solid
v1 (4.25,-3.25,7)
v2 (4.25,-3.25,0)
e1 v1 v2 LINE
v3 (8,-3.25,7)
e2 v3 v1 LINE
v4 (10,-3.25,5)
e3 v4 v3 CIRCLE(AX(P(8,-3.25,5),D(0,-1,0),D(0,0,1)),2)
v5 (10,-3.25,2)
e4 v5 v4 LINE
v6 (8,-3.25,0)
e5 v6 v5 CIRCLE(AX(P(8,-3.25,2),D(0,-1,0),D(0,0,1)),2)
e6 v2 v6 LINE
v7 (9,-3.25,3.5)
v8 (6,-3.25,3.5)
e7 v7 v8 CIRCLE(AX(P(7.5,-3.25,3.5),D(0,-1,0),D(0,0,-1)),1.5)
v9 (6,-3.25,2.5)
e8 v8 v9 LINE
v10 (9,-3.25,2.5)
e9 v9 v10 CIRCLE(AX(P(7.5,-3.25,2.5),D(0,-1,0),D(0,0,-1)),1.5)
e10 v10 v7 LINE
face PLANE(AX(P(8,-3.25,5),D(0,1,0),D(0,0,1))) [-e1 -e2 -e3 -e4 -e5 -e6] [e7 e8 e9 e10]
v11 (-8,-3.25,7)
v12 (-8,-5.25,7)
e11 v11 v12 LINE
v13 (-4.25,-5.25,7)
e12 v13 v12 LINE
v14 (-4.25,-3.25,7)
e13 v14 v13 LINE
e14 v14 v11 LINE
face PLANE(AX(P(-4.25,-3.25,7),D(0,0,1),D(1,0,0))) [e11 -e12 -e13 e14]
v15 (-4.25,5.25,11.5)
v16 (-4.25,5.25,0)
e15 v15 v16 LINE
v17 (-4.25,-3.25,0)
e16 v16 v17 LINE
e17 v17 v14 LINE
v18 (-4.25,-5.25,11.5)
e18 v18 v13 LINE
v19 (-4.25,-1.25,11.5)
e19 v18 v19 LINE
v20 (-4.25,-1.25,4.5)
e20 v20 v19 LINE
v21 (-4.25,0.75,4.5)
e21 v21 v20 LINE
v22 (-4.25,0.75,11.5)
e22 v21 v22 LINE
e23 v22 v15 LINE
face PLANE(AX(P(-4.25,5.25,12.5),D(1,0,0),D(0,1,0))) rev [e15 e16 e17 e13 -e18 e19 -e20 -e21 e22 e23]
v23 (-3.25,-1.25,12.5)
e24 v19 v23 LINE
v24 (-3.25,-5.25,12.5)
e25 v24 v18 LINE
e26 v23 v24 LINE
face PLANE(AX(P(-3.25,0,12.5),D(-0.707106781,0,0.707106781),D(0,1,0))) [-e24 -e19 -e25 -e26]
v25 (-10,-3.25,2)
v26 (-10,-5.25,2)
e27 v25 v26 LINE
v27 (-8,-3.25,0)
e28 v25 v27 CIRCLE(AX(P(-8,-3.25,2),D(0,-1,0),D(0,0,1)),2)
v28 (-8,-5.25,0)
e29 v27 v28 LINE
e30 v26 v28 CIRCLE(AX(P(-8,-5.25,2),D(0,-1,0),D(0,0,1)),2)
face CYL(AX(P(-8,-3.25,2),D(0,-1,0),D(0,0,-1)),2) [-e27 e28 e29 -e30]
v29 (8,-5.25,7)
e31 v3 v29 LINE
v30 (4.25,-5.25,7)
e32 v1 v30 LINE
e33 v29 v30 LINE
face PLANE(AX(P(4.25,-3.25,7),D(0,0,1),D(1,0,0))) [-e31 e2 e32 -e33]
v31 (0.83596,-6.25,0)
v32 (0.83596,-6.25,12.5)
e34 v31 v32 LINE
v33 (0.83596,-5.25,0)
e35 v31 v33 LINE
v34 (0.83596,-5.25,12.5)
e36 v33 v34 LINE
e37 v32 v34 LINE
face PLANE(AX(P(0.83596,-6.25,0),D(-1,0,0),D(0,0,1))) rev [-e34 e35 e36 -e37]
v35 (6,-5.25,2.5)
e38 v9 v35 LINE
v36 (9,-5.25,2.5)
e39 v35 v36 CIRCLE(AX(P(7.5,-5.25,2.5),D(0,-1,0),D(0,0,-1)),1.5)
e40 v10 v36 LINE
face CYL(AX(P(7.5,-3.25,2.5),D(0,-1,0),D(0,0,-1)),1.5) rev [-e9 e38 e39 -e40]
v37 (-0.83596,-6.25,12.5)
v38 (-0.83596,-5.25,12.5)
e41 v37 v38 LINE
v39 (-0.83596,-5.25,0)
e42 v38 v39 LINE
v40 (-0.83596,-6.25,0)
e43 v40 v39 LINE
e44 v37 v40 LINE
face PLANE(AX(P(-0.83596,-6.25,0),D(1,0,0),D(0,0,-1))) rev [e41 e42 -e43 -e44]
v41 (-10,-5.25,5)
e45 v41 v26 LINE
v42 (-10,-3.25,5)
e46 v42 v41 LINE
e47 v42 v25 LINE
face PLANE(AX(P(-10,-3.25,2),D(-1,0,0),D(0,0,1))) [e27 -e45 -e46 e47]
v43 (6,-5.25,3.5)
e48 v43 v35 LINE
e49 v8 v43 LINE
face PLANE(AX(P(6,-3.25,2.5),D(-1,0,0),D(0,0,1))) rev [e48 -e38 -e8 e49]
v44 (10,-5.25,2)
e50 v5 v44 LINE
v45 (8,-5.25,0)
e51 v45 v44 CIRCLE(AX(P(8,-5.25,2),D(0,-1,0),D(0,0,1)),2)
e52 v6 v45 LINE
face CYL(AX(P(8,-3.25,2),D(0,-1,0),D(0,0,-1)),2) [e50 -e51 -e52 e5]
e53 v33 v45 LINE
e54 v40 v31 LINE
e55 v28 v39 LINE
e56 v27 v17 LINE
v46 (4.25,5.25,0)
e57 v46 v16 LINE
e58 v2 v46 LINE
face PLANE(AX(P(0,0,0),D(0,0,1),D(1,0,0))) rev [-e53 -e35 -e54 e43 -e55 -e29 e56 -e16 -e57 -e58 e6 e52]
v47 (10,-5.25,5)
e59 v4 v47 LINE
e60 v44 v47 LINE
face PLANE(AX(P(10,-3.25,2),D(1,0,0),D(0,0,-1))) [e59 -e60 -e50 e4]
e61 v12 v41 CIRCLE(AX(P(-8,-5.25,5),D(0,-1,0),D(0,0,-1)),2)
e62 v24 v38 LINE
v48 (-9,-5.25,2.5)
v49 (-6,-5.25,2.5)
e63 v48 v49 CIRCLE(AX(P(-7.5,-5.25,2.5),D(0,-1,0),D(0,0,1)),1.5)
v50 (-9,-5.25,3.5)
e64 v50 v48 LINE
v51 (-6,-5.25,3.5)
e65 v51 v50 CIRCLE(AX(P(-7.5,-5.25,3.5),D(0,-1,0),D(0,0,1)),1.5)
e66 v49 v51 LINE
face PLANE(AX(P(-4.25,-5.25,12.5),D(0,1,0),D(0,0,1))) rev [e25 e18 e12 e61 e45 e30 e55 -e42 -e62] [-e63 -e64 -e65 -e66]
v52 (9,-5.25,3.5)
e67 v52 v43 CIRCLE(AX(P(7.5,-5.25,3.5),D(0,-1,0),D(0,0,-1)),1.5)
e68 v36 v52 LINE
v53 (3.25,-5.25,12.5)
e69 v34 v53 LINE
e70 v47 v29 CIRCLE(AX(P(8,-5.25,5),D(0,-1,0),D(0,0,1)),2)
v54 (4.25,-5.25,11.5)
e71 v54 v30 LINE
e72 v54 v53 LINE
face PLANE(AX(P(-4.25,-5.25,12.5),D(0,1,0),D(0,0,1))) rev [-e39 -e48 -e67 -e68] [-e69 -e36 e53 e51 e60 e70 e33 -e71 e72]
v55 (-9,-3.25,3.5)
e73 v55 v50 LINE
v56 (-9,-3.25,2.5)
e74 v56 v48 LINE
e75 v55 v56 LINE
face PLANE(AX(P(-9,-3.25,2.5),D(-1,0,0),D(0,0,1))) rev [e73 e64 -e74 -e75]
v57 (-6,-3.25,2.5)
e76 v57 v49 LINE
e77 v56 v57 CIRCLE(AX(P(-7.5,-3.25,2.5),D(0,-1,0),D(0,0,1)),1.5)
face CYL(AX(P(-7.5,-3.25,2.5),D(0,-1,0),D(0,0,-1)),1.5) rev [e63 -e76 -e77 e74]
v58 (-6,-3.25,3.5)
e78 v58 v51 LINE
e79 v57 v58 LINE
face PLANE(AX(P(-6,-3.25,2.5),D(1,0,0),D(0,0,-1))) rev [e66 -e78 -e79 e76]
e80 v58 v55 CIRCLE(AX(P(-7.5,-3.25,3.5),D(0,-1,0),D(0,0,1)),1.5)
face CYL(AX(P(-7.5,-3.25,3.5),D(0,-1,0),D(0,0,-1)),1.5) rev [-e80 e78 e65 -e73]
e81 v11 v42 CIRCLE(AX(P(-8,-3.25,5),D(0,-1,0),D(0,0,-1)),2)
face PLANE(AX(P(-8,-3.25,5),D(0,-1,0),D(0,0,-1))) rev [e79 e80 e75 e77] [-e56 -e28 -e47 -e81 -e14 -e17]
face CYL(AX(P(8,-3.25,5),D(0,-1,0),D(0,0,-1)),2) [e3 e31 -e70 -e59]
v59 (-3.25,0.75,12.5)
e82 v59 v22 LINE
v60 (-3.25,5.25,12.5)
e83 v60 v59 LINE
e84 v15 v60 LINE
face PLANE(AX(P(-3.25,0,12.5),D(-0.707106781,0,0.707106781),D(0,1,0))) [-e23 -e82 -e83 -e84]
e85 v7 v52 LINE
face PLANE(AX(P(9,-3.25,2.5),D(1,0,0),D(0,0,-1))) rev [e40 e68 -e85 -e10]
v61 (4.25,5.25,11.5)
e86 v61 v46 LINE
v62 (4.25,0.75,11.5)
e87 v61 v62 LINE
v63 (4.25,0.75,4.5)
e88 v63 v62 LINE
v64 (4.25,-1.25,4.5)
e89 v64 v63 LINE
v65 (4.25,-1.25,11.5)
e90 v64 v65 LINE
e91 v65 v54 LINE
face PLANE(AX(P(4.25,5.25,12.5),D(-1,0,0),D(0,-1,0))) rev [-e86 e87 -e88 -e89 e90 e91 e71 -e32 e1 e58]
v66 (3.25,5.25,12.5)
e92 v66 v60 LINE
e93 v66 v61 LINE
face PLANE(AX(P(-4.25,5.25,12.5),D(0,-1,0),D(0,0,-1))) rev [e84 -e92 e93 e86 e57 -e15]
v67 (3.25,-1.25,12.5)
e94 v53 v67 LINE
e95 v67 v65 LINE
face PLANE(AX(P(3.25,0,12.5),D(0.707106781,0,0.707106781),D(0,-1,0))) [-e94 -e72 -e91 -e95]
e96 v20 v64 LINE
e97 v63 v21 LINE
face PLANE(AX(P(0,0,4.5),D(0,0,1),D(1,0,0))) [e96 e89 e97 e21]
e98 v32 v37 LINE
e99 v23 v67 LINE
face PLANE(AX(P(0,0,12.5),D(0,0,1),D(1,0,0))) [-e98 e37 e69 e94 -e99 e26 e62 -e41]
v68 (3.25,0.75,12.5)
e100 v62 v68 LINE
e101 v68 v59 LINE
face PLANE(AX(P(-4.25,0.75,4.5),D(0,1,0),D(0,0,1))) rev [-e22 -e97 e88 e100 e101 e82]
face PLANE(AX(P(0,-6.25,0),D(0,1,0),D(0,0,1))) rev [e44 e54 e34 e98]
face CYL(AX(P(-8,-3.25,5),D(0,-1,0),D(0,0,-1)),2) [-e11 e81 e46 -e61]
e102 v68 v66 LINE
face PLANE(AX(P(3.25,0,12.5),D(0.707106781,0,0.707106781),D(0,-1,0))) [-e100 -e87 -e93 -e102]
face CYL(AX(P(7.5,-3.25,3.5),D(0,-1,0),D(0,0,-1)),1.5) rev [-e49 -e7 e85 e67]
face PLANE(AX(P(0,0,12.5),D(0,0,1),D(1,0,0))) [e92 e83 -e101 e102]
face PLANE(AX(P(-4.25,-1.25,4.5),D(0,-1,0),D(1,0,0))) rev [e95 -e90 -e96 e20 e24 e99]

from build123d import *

# Parameters (mm, degrees)
SKETCH1_W           = 8.5
SKETCH1_H           = 10.5
BOSS_EXTRUDE1_DEPTH = 12.5
SKETCH2_W           = 8.5
SKETCH2_H           = 2
CUT_EXTRUDE1_DEPTH  = 8
BOSS_EXTRUDE2_DEPTH = 2
CHAMFER1_SIZE       = 1
SKETCH4_W           = 1.671920984
SKETCH4_H           = 12.5
BOSS_EXTRUDE3_DEPTH = 1


with BuildPart() as part:
    # Sketch1 → Boss-Extrude1 (new body)
    with BuildSketch(Plane.XY):
        Rectangle(SKETCH1_W, SKETCH1_H)
    extrude(amount=BOSS_EXTRUDE1_DEPTH)

    # Sketch2 → Cut-Extrude1 (cut)
    with BuildSketch(Plane.XY.offset(12.5)):
        with Locations((0, -0.25)):
            Rectangle(SKETCH2_W, SKETCH2_H)
    extrude(amount=-CUT_EXTRUDE1_DEPTH, mode=Mode.SUBTRACT)

    # Sketch3 → Boss-Extrude2 (add)
    # profile 1 of 2: a face of its own
    with BuildSketch(Plane.XZ.offset(5.25)):
        with BuildLine():
            Line((4.25, 0), (8, 0))
            ThreePointArc((8, 0), (9.414213562, 0.585786438), (10, 2))
            Line((10, 2), (10, 5))
            ThreePointArc((10, 5), (9.414213562, 6.414213562), (8, 7))
            Line((8, 7), (4.25, 7))
            Line((4.25, 7), (4.25, 0))
        make_face()
        with BuildLine():
            Line((6, 2.5), (6, 3.5))
            ThreePointArc((6, 3.5), (7.5, 5), (9, 3.5))
            Line((9, 3.5), (9, 2.5))
            ThreePointArc((9, 2.5), (7.5, 1), (6, 2.5))
        make_face(mode=Mode.SUBTRACT)
    # profile 2 of 2: a face of its own
    with BuildSketch(Plane.XZ.offset(5.25)):
        with BuildLine():
            Line((-10, 2), (-10, 5))
            ThreePointArc((-10, 5), (-9.414213562, 6.414213562), (-8, 7))
            Line((-8, 7), (-4.25, 7))
            Line((-4.25, 7), (-4.25, 0))
            Line((-4.25, 0), (-8, 0))
            ThreePointArc((-8, 0), (-9.414213562, 0.585786438), (-10, 2))
        make_face()
        with BuildLine():
            Line((-6, 2.5), (-6, 3.5))
            ThreePointArc((-6, 3.5), (-7.5, 5), (-9, 3.5))
            Line((-9, 3.5), (-9, 2.5))
            ThreePointArc((-9, 2.5), (-7.5, 1), (-6, 2.5))
        make_face(mode=Mode.SUBTRACT)
    extrude(amount=-BOSS_EXTRUDE2_DEPTH)

    # Chamfer1
    chamfer1_edges = [part.edges().sort_by_distance(p)[0] for p in [
        (-4.25, 3, 12.5),
        (4.25, 3, 12.5),
        (-4.25, -3.25, 12.5),
        (4.25, -3.25, 12.5),
    ]]
    chamfer(chamfer1_edges, length=CHAMFER1_SIZE)

    # Sketch4 → Boss-Extrude3 (add)
    with BuildSketch(Plane.XZ.offset(5.25)):
        with Locations((0, 6.25)):
            Rectangle(SKETCH4_W, SKETCH4_H)
    extrude(amount=BOSS_EXTRUDE3_DEPTH)


solid = part.part
